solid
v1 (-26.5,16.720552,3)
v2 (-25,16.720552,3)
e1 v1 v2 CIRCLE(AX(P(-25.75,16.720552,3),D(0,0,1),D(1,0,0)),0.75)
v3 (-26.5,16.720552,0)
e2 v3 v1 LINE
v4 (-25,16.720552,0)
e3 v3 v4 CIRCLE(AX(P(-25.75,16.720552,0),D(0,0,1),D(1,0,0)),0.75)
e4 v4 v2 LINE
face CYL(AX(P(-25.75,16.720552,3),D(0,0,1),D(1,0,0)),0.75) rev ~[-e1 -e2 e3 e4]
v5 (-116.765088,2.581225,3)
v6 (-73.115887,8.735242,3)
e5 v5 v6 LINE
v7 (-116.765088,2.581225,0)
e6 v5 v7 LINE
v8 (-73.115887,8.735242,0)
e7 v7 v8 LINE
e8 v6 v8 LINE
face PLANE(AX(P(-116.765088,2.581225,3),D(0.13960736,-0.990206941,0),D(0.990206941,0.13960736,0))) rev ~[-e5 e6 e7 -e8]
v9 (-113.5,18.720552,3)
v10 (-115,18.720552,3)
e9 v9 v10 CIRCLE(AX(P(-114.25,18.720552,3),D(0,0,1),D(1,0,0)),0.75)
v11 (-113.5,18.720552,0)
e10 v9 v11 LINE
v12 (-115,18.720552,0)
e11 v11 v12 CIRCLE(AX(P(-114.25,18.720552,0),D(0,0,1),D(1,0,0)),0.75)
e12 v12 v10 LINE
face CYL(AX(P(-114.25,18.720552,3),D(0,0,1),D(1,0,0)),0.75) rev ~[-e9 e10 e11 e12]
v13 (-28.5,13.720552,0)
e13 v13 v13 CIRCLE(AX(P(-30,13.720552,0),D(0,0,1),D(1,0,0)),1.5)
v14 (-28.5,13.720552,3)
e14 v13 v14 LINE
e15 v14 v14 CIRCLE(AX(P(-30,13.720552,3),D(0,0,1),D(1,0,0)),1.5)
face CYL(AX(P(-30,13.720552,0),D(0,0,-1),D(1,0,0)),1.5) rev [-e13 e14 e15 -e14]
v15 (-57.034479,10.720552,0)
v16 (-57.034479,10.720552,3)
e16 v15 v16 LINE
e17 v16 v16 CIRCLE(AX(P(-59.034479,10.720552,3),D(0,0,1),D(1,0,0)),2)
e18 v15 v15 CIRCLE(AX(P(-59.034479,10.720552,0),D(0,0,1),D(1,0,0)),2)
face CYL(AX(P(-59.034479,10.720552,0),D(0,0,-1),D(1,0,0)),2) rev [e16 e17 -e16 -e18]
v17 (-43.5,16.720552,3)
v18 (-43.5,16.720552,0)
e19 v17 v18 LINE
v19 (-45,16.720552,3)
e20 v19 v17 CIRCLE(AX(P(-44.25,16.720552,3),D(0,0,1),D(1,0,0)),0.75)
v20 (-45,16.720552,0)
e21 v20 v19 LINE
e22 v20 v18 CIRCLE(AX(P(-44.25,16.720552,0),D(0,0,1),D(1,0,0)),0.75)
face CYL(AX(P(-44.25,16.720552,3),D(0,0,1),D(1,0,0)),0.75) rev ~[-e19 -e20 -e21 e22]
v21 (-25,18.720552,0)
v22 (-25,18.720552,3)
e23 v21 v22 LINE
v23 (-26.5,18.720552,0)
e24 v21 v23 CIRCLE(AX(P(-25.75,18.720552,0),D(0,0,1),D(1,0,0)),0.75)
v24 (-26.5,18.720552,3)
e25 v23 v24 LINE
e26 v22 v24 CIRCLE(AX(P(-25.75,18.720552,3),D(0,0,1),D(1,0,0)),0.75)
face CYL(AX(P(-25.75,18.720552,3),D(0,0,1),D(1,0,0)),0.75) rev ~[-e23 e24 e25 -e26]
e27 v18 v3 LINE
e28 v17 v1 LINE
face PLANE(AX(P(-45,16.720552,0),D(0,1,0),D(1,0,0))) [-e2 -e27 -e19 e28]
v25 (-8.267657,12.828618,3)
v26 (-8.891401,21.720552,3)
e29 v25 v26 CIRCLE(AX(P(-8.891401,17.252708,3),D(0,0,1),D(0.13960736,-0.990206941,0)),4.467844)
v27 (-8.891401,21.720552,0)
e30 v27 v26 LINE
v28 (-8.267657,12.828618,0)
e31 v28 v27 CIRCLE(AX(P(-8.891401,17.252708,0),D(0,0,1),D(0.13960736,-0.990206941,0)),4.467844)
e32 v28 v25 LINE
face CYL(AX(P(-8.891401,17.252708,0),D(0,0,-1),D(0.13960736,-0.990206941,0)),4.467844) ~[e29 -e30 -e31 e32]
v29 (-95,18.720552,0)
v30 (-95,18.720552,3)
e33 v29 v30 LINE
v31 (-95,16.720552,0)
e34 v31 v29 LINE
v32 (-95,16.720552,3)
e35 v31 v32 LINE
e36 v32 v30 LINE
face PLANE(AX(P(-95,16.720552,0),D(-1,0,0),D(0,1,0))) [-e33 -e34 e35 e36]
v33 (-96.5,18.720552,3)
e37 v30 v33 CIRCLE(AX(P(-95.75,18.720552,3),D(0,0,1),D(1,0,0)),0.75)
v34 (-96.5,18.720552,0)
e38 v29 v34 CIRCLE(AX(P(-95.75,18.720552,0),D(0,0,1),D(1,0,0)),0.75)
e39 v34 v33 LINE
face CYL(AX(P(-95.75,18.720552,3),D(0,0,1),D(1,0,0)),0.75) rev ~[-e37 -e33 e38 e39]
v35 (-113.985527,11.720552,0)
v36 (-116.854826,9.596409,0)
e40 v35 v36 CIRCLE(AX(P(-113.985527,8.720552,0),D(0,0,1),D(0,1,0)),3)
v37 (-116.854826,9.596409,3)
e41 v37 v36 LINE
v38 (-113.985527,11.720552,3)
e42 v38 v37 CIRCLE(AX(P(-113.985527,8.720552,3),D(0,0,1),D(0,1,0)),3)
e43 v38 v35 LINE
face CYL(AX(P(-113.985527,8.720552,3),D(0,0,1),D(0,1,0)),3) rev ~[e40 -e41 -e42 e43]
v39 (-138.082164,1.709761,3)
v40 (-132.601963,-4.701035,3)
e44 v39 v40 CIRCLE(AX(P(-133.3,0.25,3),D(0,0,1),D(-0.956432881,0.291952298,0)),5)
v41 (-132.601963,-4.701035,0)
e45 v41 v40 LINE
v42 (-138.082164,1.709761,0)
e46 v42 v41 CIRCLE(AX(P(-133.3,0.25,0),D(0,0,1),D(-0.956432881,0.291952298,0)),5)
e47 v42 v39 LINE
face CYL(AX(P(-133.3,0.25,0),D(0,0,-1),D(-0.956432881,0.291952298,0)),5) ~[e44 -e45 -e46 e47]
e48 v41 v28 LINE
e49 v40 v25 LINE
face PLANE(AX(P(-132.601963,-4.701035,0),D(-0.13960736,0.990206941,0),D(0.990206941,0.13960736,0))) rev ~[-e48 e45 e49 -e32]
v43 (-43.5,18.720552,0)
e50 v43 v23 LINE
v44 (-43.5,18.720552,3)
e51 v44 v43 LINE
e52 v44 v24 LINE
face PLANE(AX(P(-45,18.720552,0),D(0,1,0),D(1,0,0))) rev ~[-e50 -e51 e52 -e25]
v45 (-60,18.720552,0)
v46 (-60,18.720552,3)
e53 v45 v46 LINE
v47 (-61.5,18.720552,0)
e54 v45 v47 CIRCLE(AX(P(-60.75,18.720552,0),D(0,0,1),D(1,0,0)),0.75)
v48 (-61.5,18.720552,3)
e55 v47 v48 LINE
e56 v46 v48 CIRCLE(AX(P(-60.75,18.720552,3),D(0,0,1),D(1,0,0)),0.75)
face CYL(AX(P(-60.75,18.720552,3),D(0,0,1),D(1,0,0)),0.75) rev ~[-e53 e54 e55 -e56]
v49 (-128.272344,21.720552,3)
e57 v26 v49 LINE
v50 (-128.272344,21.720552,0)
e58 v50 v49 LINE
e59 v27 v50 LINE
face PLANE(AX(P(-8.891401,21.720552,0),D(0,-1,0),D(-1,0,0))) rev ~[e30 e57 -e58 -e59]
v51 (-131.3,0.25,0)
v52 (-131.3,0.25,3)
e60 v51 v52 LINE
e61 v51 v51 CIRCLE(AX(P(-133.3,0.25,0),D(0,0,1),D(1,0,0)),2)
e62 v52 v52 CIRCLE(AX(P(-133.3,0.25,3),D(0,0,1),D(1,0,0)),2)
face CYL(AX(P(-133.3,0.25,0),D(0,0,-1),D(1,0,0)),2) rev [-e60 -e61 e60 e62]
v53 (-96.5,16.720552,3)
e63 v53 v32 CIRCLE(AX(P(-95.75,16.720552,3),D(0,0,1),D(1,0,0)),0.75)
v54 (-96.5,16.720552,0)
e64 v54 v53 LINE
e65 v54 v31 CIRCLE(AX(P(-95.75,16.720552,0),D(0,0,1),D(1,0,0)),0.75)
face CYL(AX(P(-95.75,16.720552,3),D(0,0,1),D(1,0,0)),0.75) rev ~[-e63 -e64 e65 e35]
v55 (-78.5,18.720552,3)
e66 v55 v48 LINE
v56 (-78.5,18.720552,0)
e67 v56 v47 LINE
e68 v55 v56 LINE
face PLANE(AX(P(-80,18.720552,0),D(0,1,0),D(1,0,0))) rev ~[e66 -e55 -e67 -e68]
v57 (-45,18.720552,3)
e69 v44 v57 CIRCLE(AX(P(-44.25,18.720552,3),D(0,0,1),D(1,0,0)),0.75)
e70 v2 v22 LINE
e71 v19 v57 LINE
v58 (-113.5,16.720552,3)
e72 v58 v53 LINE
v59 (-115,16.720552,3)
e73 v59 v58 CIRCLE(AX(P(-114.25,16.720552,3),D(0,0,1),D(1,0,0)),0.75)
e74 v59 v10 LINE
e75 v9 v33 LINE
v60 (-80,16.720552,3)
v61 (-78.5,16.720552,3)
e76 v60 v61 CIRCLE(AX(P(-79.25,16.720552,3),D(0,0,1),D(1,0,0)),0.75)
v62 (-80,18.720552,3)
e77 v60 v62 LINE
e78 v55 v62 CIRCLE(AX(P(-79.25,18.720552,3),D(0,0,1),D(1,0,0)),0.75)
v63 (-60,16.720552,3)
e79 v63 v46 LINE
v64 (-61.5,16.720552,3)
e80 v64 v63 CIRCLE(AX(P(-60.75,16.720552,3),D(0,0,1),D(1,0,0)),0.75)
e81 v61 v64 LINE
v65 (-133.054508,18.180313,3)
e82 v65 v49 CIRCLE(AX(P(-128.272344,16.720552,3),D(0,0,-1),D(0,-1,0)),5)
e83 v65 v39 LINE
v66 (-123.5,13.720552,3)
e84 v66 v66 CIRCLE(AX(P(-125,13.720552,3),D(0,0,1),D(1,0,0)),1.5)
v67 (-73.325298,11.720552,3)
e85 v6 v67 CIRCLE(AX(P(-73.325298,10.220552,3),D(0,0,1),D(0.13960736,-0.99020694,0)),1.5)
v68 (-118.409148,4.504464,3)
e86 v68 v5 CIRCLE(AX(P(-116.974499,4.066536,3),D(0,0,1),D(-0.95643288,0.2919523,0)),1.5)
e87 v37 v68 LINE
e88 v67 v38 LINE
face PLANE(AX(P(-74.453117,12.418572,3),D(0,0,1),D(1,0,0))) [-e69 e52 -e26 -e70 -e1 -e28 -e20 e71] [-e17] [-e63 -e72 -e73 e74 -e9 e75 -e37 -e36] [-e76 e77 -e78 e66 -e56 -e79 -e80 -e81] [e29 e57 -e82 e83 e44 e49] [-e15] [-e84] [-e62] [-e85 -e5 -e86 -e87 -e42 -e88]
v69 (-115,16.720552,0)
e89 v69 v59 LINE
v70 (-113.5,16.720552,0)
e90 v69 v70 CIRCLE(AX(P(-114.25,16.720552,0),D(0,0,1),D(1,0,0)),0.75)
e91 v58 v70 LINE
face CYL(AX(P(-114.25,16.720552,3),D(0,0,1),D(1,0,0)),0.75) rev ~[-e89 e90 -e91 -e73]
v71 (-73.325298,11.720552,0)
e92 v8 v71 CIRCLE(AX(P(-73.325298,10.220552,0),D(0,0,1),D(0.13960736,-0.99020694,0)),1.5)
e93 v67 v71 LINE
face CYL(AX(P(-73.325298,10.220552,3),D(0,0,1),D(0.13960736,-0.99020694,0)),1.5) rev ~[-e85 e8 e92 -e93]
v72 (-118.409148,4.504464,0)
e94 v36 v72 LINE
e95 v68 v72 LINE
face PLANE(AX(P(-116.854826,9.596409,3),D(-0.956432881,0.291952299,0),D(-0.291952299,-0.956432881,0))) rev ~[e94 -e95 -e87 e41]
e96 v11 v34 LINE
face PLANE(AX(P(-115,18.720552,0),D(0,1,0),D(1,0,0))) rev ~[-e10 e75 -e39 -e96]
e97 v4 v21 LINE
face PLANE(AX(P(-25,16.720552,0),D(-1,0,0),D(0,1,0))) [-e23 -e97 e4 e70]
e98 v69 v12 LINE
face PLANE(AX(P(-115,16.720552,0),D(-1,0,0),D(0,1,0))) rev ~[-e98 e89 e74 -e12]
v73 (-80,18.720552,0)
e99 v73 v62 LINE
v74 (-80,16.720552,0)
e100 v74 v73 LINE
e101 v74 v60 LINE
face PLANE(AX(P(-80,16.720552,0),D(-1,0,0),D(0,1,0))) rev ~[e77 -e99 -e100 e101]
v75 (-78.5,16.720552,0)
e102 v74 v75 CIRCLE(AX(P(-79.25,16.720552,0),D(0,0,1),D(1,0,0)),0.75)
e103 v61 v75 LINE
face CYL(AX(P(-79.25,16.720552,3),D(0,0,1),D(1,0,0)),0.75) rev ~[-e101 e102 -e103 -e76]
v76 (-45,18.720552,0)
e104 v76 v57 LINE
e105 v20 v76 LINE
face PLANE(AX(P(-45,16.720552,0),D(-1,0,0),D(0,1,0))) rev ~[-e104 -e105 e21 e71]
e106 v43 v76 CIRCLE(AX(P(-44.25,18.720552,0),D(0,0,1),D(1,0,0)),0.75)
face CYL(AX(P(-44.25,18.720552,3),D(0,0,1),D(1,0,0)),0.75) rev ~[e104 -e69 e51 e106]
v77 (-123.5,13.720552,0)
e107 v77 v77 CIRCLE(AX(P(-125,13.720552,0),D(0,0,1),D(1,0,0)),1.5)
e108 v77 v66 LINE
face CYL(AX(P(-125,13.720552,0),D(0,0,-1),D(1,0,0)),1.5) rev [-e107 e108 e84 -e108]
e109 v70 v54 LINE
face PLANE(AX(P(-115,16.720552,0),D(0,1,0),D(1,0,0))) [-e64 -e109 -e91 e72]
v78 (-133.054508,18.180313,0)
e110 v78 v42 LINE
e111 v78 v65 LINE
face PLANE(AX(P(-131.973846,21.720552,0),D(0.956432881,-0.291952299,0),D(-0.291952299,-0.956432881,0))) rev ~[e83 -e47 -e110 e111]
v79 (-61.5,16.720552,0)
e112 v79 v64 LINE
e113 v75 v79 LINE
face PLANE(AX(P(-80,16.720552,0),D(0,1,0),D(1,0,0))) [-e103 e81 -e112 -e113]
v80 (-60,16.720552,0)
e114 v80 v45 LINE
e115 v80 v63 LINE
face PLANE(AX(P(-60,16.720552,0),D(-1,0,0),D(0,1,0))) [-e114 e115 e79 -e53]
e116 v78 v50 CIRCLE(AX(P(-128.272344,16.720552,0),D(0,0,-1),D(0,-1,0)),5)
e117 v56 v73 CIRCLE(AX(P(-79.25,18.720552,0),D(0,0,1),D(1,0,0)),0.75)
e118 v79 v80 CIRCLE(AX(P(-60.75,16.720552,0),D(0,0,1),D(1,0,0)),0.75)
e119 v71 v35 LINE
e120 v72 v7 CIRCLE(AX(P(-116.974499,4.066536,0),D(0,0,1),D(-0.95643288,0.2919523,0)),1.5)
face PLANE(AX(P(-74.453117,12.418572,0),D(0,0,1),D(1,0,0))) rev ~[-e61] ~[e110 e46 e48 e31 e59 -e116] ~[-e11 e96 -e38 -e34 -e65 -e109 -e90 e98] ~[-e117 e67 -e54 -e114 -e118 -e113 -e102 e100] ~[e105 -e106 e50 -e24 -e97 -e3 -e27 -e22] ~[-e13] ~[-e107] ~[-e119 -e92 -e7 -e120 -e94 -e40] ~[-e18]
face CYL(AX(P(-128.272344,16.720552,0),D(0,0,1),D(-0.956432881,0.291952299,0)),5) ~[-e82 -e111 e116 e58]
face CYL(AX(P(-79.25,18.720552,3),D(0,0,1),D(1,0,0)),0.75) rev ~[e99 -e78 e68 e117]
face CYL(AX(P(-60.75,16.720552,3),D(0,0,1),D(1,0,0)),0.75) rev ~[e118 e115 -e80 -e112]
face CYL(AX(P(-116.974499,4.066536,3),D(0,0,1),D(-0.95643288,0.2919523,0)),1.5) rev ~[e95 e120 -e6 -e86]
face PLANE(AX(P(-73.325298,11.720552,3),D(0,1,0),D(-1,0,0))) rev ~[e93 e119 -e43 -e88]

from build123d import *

# Parameters (mm, degrees)
SKETCH_2_R          = 2
SKETCH_2_R_2        = 1.5
SKETCH_2_W          = 20
SKETCH_2_H          = 2
EXTRUDE_1_DEPTH     = 3
SKETCH_3_R          = 0.75
CUT_EXTRUDE_1_DEPTH = 141.027398671
FILLET_1_R          = 5


with BuildPart() as part:
    # 草图2 → 凸台-拉伸1 (new body)
    with BuildSketch(Plane.XY):
        with BuildLine():
            Line((-132.601963201, -4.701034703), (-8.26765697, 12.828618462))
            ThreePointArc((-8.26765697, 12.828618462), (-4.434509027, 17.565346586), (-8.891400832, 21.720551987))
            Line((-8.891400832, 21.720551987), (-131.973846298, 21.720551987))
            Line((-131.973846298, 21.720551987), (-138.082164404, 1.709761493))
            ThreePointArc((-138.082164404, 1.709761493), (-137.100605417, -2.998907272), (-132.601963201, -4.701034703))
        make_face()
        with Locations((-59.03447946, 10.720551987)):
            Circle(SKETCH_2_R, mode=Mode.SUBTRACT)
        with Locations((-133.3, 0.25)):
            Circle(SKETCH_2_R, mode=Mode.SUBTRACT)
        with Locations((-125, 13.720551987)):
            Circle(SKETCH_2_R_2, mode=Mode.SUBTRACT)
        with Locations((-30, 13.720551987)):
            Circle(SKETCH_2_R_2, mode=Mode.SUBTRACT)
        with Locations((-70, 17.720551987)):
            Rectangle(SKETCH_2_W, SKETCH_2_H, mode=Mode.SUBTRACT)
        with Locations((-105, 17.720551987)):
            Rectangle(SKETCH_2_W, SKETCH_2_H, mode=Mode.SUBTRACT)
        with Locations((-35, 17.720551987)):
            Rectangle(SKETCH_2_W, SKETCH_2_H, mode=Mode.SUBTRACT)
    extrude(amount=EXTRUDE_1_DEPTH)

    # 草图3 → 切除-拉伸1 (cut, through all)
    with BuildSketch(Plane.XY.offset(3)):
        with Locations((-114.25, 18.720551987)):
            Circle(SKETCH_3_R)
        with Locations((-114.25, 16.720551987)):
            Circle(SKETCH_3_R)
        with Locations((-95.75, 18.720551987)):
            Circle(SKETCH_3_R)
        with Locations((-95.75, 16.720551987)):
            Circle(SKETCH_3_R)
        with Locations((-79.25, 18.720551987)):
            Circle(SKETCH_3_R)
        with Locations((-79.25, 16.720551987)):
            Circle(SKETCH_3_R)
        with Locations((-60.75, 18.720551987)):
            Circle(SKETCH_3_R)
        with Locations((-60.75, 16.720551987)):
            Circle(SKETCH_3_R)
        with Locations((-44.25, 18.720551987)):
            Circle(SKETCH_3_R)
        with Locations((-44.25, 16.720551987)):
            Circle(SKETCH_3_R)
        with Locations((-25.75, 18.720551987)):
            Circle(SKETCH_3_R)
        with Locations((-25.75, 16.720551987)):
            Circle(SKETCH_3_R)
        with BuildLine():
            Line((-116.854825567, 9.596408883), (-118.409147877, 4.504464164))
            ThreePointArc((-118.409147877, 4.504464164), (-118.114680182, 3.091863534), (-116.765087517, 2.581225305))
            Line((-116.765087517, 2.581225305), (-73.115887133, 8.735241576))
            ThreePointArc((-73.115887133, 8.735241576), (-71.828975077, 10.325514799), (-73.325298173, 11.720551987))
            Line((-73.325298173, 11.720551987), (-113.985526924, 11.720551987))
            ThreePointArc((-113.985526924, 11.720551987), (-115.770524027, 11.13173123), (-116.854825567, 9.596408883))
        make_face()
    extrude(amount=-CUT_EXTRUDE_1_DEPTH, mode=Mode.SUBTRACT)

    # 圆角1
    fillet_1_edges = [part.edges().sort_by_distance(p)[0] for p in [
        (-131.973846298, 21.720551987, 1.5),
    ]]
    fillet(fillet_1_edges, radius=FILLET_1_R)


solid = part.part
